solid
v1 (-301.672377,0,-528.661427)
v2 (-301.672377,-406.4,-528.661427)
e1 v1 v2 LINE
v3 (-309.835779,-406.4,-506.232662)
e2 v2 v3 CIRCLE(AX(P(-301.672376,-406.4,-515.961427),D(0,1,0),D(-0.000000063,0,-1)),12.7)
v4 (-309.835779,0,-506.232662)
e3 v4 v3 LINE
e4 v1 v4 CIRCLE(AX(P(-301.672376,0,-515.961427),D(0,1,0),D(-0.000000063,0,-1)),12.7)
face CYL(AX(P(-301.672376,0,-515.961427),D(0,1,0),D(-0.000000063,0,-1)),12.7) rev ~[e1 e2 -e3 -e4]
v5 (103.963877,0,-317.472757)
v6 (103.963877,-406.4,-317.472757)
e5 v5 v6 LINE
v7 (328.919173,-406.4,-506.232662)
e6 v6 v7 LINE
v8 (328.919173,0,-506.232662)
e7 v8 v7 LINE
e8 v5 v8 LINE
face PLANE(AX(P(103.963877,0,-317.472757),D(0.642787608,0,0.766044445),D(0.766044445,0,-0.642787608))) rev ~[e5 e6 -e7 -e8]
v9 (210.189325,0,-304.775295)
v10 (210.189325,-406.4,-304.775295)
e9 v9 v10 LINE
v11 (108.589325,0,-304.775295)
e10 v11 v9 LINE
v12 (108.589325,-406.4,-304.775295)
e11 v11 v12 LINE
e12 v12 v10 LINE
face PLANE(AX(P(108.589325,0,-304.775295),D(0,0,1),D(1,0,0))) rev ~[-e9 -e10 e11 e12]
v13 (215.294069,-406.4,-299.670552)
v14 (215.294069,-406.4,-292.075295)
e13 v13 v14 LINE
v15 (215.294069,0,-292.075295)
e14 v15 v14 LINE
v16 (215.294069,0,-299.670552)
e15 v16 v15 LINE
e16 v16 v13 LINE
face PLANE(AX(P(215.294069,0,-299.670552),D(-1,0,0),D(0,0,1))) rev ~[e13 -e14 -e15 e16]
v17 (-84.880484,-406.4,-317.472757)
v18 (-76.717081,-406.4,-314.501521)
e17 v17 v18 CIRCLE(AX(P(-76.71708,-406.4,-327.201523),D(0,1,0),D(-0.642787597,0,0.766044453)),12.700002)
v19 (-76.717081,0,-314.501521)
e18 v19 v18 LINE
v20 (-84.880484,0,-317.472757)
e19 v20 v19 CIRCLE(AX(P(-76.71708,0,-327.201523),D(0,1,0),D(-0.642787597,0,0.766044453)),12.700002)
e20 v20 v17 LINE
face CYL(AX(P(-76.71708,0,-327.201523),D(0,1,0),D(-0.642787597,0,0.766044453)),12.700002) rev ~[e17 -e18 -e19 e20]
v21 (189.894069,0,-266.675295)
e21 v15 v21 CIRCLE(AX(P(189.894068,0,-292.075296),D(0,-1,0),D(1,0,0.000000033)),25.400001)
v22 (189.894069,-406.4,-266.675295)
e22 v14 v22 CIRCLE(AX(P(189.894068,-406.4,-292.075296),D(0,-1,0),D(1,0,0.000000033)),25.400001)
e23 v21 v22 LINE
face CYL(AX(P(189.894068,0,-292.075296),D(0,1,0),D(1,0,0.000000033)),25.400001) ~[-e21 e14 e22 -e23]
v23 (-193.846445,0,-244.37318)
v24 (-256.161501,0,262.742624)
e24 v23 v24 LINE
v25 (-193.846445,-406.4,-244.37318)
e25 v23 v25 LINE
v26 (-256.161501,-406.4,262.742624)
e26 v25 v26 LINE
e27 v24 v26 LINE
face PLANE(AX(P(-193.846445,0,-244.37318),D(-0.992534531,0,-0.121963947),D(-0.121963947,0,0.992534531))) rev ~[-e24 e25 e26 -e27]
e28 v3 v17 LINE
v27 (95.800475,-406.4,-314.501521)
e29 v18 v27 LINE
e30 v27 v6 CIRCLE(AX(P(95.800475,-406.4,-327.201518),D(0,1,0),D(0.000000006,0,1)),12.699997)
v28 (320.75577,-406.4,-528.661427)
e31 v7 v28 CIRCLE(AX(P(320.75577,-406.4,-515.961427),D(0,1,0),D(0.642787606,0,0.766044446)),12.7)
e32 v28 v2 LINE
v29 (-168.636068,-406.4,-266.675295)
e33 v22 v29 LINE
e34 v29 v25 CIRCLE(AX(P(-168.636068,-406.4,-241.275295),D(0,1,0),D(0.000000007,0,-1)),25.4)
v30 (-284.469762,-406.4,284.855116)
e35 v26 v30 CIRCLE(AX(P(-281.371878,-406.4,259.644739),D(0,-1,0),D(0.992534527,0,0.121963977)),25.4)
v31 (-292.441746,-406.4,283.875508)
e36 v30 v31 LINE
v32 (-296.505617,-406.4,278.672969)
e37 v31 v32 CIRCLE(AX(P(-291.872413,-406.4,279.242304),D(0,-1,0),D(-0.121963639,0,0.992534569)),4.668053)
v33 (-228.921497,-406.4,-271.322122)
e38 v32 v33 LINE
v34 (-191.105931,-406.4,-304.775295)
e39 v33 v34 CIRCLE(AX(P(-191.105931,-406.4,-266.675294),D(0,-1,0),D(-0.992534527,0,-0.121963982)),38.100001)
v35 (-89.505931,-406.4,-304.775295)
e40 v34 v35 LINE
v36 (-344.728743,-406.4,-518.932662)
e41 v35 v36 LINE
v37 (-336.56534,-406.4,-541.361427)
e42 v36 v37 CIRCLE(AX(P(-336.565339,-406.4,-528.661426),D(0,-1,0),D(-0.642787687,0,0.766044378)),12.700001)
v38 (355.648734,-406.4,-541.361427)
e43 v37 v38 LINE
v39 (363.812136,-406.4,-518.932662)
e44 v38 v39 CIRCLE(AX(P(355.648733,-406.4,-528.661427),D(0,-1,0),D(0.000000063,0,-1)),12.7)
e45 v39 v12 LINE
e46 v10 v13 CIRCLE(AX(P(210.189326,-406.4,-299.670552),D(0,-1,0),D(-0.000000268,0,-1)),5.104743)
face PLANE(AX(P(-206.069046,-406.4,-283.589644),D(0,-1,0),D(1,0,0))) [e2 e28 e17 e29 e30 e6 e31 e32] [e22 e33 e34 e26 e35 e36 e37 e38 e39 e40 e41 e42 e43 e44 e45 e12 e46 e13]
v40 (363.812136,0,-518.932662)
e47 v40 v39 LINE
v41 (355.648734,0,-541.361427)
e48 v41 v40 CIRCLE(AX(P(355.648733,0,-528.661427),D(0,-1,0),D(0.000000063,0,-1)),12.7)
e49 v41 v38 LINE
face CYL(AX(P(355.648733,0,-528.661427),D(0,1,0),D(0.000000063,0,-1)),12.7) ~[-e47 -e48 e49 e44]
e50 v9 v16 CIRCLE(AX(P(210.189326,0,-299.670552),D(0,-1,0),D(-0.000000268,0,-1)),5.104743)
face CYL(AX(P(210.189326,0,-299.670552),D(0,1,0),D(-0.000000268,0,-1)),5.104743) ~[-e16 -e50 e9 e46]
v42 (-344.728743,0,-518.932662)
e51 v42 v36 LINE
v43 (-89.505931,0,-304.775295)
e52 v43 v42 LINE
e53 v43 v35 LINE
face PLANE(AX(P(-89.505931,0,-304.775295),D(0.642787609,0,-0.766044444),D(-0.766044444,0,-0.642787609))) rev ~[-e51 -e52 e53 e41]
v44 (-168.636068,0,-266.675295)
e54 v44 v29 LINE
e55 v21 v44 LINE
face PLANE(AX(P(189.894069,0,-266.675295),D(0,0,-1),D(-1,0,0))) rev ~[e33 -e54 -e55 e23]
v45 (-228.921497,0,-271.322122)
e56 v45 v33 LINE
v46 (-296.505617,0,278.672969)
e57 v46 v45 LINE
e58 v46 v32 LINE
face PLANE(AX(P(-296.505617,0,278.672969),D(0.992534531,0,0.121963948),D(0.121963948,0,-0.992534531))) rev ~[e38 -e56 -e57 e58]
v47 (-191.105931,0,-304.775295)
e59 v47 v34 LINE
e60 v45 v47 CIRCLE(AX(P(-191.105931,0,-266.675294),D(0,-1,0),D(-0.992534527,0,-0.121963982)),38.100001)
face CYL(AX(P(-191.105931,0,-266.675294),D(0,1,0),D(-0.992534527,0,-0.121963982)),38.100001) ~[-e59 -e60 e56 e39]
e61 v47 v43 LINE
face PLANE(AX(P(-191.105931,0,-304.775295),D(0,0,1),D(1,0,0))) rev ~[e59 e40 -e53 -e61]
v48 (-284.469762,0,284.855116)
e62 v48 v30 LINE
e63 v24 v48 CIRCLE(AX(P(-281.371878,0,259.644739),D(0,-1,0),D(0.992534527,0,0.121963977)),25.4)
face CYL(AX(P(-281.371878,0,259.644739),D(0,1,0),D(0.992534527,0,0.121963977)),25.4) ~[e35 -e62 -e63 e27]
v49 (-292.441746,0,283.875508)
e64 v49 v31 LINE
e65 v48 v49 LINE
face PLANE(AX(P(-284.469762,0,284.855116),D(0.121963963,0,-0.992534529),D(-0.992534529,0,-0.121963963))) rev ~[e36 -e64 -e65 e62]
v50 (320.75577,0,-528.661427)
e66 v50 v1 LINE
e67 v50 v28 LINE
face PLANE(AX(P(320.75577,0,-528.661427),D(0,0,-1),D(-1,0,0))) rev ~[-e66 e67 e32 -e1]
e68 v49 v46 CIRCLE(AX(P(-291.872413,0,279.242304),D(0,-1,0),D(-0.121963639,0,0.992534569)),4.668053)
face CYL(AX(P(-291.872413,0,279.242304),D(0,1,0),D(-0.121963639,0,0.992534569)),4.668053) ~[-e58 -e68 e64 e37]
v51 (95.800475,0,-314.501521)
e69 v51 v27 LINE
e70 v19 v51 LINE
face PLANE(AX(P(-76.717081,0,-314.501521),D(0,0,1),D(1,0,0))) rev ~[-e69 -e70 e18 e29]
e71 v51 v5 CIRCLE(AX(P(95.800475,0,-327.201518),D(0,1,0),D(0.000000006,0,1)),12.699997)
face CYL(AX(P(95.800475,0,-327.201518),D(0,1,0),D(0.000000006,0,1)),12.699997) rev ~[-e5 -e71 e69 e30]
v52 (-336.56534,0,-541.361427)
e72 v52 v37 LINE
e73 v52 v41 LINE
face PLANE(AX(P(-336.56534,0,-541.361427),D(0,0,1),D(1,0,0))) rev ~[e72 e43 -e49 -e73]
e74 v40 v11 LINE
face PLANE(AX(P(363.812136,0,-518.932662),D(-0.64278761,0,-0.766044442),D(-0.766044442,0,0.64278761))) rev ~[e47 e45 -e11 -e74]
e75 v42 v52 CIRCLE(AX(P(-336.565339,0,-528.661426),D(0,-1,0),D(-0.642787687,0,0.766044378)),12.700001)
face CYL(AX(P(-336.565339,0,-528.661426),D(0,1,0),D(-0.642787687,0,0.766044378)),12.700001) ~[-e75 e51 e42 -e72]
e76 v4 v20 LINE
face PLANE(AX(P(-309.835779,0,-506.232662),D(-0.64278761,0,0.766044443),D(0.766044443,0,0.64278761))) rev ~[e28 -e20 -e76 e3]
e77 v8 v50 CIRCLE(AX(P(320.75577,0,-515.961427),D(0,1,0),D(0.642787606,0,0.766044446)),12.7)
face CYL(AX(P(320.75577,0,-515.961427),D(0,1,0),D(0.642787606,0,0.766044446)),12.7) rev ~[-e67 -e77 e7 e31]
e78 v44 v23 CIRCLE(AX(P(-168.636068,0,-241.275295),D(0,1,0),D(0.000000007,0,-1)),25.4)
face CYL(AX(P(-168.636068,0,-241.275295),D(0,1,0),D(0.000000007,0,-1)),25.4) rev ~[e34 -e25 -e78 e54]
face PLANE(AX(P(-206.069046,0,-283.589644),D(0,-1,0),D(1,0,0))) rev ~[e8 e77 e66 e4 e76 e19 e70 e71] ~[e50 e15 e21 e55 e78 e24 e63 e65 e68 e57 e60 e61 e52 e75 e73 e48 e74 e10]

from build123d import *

# Parameters (mm, degrees)
F1_DEPTH = 406.4


with BuildPart() as f1:
    # F0 (on Front) → F1 (new body)
    with BuildSketch(Plane.XZ):
        with BuildLine():
            Line((-191.105931, -266.675295), (-228.921497, -271.322122))
            ThreePointArc((-228.921497, -271.322122), (-216.350395, -295.211711), (-191.105931, -304.775295))
            Line((-191.105931, -304.775295), (-191.105931, -266.675295))
        make_face()
        with BuildLine():
            Line((-193.846445, -244.37318), (-256.161501, 262.742624))
            ThreePointArc((-256.161501, 262.742624), (-265.735985, 279.661703), (-284.469762, 284.855116))
            Line((-284.469762, 284.855116), (-292.441746, 283.875508))
            ThreePointArc((-292.441746, 283.875508), (-295.551163, 282.115894), (-296.505617, 278.672969))
            Line((-296.505617, 278.672969), (-228.921497, -271.322122))
            Line((-228.921497, -271.322122), (-191.105931, -266.675295))
            Line((-191.105931, -266.675295), (-191.105931, -304.775295))
            Line((-191.105931, -304.775295), (-89.505931, -304.775295))
            Line((-89.505931, -304.775295), (108.589325, -304.775295))
            Line((108.589325, -304.775295), (210.189325, -304.775295))
            ThreePointArc((210.189325, -304.775295), (213.798924, -303.280151), (215.294069, -299.670552))
            Line((215.294069, -299.670552), (215.294069, -292.075295))
            ThreePointArc((215.294069, -292.075295), (207.854581, -274.114783), (189.894069, -266.675295))
            Line((189.894069, -266.675295), (-168.636068, -266.675295))
            ThreePointArc((-168.636068, -266.675295), (-185.46571, -260.299573), (-193.846445, -244.37318))
        make_face()
        with BuildLine():
            Line((108.589325, -304.775295), (-89.505931, -304.775295))
            Line((-89.505931, -304.775295), (-344.728743, -518.932662))
            ThreePointArc((-344.728743, -518.932662), (-348.499436, -533.005082), (-336.56534, -541.361427))
            Line((-336.56534, -541.361427), (355.648734, -541.361427))
            ThreePointArc((355.648734, -541.361427), (367.58283, -533.005082), (363.812136, -518.932662))
            Line((363.812136, -518.932662), (108.589325, -304.775295))
        make_face()
        with BuildLine():
            Line((-309.835779, -506.232662), (-84.880484, -317.472757))
            ThreePointArc((-84.880484, -317.472757), (-81.060737, -315.267425), (-76.717081, -314.501521))
            Line((-76.717081, -314.501521), (95.800475, -314.501521))
            ThreePointArc((95.800475, -314.501521), (100.144131, -315.267425), (103.963877, -317.472757))
            Line((103.963877, -317.472757), (328.919173, -506.232662))
            ThreePointArc((328.919173, -506.232662), (332.689867, -520.305082), (320.75577, -528.661427))
            Line((320.75577, -528.661427), (-301.672377, -528.661427))
            ThreePointArc((-301.672377, -528.661427), (-313.606473, -520.305082), (-309.835779, -506.232662))
        make_face(mode=Mode.SUBTRACT)
    extrude(amount=F1_DEPTH)


solid = f1.part
